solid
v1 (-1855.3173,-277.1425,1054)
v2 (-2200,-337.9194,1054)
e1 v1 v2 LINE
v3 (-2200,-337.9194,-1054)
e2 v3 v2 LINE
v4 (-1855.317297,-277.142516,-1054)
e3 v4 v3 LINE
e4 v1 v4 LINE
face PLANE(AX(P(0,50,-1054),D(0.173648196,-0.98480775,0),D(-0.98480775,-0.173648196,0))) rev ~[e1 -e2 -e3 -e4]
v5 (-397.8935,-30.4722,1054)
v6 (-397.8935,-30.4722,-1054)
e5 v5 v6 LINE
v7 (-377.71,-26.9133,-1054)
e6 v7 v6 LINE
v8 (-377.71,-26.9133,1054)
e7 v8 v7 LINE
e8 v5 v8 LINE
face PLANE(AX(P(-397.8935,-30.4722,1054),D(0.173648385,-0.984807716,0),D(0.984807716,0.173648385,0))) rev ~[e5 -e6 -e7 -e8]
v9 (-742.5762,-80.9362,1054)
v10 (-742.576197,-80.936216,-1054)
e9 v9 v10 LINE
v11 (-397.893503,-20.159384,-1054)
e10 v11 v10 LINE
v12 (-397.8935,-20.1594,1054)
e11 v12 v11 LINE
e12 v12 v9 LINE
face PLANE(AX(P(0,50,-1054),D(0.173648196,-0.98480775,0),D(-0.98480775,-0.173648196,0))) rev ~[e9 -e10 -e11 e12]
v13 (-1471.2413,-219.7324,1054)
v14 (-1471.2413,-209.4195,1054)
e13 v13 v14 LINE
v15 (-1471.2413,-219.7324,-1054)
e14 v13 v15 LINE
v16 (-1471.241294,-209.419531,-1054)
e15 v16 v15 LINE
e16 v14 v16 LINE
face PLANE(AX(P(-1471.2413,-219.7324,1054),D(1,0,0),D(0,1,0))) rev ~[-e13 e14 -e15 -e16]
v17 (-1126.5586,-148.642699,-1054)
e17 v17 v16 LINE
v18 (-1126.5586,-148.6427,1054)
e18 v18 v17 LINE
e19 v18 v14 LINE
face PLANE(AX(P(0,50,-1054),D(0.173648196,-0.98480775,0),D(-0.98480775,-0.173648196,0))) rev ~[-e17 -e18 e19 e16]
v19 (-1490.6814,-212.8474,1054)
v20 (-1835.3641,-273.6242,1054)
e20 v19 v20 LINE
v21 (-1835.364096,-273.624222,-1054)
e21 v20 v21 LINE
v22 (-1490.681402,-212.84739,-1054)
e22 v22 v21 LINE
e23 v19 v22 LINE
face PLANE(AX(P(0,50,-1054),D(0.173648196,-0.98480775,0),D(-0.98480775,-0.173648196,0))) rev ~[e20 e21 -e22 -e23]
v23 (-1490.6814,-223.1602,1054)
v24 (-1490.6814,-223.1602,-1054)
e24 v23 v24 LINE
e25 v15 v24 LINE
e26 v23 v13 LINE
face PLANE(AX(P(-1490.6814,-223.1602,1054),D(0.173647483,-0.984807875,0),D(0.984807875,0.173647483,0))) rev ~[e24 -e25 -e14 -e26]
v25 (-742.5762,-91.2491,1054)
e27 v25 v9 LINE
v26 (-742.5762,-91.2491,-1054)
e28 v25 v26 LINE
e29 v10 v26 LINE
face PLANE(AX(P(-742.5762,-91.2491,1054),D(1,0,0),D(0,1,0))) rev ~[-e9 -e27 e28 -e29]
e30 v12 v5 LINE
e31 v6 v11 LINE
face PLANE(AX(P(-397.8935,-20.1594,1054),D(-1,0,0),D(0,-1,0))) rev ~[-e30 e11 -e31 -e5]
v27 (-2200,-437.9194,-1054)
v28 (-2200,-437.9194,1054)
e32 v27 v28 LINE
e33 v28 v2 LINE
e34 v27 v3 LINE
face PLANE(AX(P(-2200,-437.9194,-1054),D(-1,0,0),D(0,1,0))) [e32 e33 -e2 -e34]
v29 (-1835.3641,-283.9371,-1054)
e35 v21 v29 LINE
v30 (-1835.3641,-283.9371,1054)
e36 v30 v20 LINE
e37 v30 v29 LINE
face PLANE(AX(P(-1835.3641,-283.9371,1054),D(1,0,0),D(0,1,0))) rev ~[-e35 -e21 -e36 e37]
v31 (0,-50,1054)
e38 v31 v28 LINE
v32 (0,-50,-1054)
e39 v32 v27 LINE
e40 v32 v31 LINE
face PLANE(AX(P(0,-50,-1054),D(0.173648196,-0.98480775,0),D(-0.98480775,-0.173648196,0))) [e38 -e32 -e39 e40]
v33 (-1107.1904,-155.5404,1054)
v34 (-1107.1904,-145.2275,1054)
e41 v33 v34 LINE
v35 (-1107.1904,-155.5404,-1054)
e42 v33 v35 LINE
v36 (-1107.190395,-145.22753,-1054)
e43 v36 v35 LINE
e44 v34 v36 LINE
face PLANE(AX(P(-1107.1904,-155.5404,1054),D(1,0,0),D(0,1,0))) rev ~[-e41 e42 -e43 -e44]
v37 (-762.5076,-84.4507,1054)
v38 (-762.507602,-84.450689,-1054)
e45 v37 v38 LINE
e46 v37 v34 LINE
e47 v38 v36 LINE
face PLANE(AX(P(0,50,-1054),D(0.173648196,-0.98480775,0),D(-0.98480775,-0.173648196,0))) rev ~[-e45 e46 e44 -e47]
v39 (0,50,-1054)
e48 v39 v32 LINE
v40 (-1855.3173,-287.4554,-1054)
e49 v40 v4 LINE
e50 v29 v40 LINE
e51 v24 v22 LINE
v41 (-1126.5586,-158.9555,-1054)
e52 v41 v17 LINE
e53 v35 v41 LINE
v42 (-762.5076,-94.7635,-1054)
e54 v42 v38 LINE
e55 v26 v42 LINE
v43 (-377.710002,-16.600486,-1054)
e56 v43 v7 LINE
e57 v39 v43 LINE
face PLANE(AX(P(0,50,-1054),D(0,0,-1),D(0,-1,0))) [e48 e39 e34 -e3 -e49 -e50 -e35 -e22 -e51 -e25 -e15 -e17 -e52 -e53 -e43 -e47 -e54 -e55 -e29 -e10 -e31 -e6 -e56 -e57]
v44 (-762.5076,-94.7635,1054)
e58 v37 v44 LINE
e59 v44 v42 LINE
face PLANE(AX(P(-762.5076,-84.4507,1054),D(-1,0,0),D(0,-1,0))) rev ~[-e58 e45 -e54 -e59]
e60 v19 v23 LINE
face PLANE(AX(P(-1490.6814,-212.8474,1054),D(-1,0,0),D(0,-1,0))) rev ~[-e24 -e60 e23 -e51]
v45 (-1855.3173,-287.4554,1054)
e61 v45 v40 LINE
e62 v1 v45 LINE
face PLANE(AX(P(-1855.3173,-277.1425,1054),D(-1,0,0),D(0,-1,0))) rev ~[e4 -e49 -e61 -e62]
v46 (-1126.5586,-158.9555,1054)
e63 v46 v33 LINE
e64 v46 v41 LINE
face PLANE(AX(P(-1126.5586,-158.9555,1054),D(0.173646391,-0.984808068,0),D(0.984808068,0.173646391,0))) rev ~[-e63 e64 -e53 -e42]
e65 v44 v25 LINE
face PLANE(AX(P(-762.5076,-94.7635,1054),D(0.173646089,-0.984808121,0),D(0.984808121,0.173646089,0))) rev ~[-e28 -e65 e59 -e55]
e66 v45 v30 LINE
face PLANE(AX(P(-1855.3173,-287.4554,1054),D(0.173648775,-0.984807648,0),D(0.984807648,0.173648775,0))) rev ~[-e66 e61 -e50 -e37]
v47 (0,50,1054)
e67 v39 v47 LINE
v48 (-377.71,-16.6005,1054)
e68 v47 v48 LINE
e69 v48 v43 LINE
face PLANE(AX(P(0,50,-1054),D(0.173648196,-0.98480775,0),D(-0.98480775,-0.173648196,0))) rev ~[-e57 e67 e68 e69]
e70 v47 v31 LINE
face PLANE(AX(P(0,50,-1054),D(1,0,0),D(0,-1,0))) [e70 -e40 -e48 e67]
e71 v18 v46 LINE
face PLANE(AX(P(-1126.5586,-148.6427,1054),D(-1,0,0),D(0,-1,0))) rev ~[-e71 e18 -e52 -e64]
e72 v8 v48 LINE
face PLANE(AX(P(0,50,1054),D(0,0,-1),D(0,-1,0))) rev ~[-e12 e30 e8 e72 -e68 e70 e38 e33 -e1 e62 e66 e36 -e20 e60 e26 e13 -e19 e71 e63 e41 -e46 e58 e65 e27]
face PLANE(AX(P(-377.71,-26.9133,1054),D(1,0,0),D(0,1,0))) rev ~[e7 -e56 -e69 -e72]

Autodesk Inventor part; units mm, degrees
ref_plane "YZ Plane" through (0, 0, 0) normal (1, 0, 0) x (0, 1, 0)
sketch "Sketch1" plane through (0, 0, 0) normal (1, 0, 0) x (0, 1, 0)
  line L0 (-50, 1054) -> (50, 1054)
  line L1 (50, 1054) -> (50, -1054)
  line L2 (50, -1054) -> (-50, -1054)
  line L3 (-50, -1054) -> (-50, 1054)
  line L4 (-50, 1054) -> (50, -1054) construction
  line L5 (50, 1054) -> (-50, -1054) construction
  point P0 (0, 0)
  dimension "d0" = 100
  dimension "d1" = 2108
ref_plane "Work Plane2" through (-2200, 50, 1054) normal (-1, 0, 0) x (0, 0, -1)
ref_plane "Work Plane1" through (0, 50, 1054) normal (-1, 0, 0) x (0, 0, -1)
sketch "Sketch2" plane through (-2200, 50, 1054) normal (-1, 0, 0) x (0, 0, -1)
  line L0 (0, 0) -> (2108, 0) projected
  line L1 (2108, 0) -> (2108, 100) projected
  line L2 (0, 100) -> (0, 0) projected
  point P0 (1054, 50)
ref_plane "Work Plane3" through (0, 50, -1054) normal (0, 0, -1) x (0, -1, 0)
sketch "Sketch3" plane through (0, 50, -1054) normal (0, 0, -1) x (0, -1, 0)
  line L0 (0, 0) -> (100, 0) projected
  line L1 (0, 2200) -> (100, 2200) projected
  line L2 (0, 0) -> (387.9194, 2200)
  line L3 (0, 0) -> (2233.9385, 0) construction
  line L4 (100, 0) -> (487.9194, 2200)
  line L5 (100, 0) -> (2333.9385, 0) construction
  line L6 (487.9194, 2200) -> (387.9194, 2200)
  line L7 (0, 0) -> (100, 0)
  point P0 (50, 0)
  dimension "d3" = 80
  dimension "d4" = 80
extrude "Extrusion1" add sketch "Sketch3" against normal blind 2108
sketch "Sketch4" plane through (0, 50, 1054) normal (0, 0, 1) x (1, 0, 0)
  line L0 (0, 0) -> (-2200, -387.9194) projected
  line L1 (-2200, -387.9194) -> (-1855.3173, -327.1425)
  line L2 (-1855.3173, -327.1425) -> (-1855.3173, -337.4554)
  line L3 (-1855.3173, -337.4554) -> (-1835.3641, -333.9371)
  line L4 (-1835.3641, -333.9371) -> (-1835.3641, -323.6242)
  line L5 (-1835.3641, -323.6242) -> (-1490.6814, -262.8474)
  line L6 (-1490.6814, -262.8474) -> (-1490.6814, -273.1602)
  line L7 (-1490.6814, -273.1602) -> (-1471.2413, -269.7324)
  line L8 (-1471.2413, -269.7324) -> (-1471.2413, -259.4195)
  line L9 (-1471.2413, -259.4195) -> (-1126.5586, -198.6427)
  line L10 (-1126.5586, -198.6427) -> (-1126.5586, -208.9555)
  line L11 (-1126.5586, -208.9555) -> (-1107.1904, -205.5404)
  line L12 (-1107.1904, -205.5404) -> (-1107.1904, -195.2275)
  line L13 (-1107.1904, -195.2275) -> (-762.5076, -134.4507)
  line L14 (-762.5076, -134.4507) -> (-762.5076, -144.7635)
  line L15 (-762.5076, -144.7635) -> (-742.5762, -141.2491)
  line L16 (-742.5762, -141.2491) -> (-742.5762, -130.9362)
  line L17 (-742.5762, -130.9362) -> (-397.8935, -70.1594)
  line L18 (-397.8935, -70.1594) -> (-397.8935, -80.4722)
  line L19 (-397.8935, -80.4722) -> (-377.71, -76.9133)
  line L20 (-377.71, -76.9133) -> (-377.71, -66.6005)
  line L21 (-377.71, -66.6005) -> (0, 0)
  line L22 (-377.71, -66.6005) -> (-1855.3173, -327.1425)
  point P0 (0, -50)
  dimension "d7" = 350
  dimension "d8" = 350
  dimension "d9" = 350
  dimension "d10" = 350
  dimension "d11" = 350
extrude "Extrusion2" cut sketch "Sketch4" against normal through all
properties part number "eave_panel_side_" material "Wood (Maple)"
